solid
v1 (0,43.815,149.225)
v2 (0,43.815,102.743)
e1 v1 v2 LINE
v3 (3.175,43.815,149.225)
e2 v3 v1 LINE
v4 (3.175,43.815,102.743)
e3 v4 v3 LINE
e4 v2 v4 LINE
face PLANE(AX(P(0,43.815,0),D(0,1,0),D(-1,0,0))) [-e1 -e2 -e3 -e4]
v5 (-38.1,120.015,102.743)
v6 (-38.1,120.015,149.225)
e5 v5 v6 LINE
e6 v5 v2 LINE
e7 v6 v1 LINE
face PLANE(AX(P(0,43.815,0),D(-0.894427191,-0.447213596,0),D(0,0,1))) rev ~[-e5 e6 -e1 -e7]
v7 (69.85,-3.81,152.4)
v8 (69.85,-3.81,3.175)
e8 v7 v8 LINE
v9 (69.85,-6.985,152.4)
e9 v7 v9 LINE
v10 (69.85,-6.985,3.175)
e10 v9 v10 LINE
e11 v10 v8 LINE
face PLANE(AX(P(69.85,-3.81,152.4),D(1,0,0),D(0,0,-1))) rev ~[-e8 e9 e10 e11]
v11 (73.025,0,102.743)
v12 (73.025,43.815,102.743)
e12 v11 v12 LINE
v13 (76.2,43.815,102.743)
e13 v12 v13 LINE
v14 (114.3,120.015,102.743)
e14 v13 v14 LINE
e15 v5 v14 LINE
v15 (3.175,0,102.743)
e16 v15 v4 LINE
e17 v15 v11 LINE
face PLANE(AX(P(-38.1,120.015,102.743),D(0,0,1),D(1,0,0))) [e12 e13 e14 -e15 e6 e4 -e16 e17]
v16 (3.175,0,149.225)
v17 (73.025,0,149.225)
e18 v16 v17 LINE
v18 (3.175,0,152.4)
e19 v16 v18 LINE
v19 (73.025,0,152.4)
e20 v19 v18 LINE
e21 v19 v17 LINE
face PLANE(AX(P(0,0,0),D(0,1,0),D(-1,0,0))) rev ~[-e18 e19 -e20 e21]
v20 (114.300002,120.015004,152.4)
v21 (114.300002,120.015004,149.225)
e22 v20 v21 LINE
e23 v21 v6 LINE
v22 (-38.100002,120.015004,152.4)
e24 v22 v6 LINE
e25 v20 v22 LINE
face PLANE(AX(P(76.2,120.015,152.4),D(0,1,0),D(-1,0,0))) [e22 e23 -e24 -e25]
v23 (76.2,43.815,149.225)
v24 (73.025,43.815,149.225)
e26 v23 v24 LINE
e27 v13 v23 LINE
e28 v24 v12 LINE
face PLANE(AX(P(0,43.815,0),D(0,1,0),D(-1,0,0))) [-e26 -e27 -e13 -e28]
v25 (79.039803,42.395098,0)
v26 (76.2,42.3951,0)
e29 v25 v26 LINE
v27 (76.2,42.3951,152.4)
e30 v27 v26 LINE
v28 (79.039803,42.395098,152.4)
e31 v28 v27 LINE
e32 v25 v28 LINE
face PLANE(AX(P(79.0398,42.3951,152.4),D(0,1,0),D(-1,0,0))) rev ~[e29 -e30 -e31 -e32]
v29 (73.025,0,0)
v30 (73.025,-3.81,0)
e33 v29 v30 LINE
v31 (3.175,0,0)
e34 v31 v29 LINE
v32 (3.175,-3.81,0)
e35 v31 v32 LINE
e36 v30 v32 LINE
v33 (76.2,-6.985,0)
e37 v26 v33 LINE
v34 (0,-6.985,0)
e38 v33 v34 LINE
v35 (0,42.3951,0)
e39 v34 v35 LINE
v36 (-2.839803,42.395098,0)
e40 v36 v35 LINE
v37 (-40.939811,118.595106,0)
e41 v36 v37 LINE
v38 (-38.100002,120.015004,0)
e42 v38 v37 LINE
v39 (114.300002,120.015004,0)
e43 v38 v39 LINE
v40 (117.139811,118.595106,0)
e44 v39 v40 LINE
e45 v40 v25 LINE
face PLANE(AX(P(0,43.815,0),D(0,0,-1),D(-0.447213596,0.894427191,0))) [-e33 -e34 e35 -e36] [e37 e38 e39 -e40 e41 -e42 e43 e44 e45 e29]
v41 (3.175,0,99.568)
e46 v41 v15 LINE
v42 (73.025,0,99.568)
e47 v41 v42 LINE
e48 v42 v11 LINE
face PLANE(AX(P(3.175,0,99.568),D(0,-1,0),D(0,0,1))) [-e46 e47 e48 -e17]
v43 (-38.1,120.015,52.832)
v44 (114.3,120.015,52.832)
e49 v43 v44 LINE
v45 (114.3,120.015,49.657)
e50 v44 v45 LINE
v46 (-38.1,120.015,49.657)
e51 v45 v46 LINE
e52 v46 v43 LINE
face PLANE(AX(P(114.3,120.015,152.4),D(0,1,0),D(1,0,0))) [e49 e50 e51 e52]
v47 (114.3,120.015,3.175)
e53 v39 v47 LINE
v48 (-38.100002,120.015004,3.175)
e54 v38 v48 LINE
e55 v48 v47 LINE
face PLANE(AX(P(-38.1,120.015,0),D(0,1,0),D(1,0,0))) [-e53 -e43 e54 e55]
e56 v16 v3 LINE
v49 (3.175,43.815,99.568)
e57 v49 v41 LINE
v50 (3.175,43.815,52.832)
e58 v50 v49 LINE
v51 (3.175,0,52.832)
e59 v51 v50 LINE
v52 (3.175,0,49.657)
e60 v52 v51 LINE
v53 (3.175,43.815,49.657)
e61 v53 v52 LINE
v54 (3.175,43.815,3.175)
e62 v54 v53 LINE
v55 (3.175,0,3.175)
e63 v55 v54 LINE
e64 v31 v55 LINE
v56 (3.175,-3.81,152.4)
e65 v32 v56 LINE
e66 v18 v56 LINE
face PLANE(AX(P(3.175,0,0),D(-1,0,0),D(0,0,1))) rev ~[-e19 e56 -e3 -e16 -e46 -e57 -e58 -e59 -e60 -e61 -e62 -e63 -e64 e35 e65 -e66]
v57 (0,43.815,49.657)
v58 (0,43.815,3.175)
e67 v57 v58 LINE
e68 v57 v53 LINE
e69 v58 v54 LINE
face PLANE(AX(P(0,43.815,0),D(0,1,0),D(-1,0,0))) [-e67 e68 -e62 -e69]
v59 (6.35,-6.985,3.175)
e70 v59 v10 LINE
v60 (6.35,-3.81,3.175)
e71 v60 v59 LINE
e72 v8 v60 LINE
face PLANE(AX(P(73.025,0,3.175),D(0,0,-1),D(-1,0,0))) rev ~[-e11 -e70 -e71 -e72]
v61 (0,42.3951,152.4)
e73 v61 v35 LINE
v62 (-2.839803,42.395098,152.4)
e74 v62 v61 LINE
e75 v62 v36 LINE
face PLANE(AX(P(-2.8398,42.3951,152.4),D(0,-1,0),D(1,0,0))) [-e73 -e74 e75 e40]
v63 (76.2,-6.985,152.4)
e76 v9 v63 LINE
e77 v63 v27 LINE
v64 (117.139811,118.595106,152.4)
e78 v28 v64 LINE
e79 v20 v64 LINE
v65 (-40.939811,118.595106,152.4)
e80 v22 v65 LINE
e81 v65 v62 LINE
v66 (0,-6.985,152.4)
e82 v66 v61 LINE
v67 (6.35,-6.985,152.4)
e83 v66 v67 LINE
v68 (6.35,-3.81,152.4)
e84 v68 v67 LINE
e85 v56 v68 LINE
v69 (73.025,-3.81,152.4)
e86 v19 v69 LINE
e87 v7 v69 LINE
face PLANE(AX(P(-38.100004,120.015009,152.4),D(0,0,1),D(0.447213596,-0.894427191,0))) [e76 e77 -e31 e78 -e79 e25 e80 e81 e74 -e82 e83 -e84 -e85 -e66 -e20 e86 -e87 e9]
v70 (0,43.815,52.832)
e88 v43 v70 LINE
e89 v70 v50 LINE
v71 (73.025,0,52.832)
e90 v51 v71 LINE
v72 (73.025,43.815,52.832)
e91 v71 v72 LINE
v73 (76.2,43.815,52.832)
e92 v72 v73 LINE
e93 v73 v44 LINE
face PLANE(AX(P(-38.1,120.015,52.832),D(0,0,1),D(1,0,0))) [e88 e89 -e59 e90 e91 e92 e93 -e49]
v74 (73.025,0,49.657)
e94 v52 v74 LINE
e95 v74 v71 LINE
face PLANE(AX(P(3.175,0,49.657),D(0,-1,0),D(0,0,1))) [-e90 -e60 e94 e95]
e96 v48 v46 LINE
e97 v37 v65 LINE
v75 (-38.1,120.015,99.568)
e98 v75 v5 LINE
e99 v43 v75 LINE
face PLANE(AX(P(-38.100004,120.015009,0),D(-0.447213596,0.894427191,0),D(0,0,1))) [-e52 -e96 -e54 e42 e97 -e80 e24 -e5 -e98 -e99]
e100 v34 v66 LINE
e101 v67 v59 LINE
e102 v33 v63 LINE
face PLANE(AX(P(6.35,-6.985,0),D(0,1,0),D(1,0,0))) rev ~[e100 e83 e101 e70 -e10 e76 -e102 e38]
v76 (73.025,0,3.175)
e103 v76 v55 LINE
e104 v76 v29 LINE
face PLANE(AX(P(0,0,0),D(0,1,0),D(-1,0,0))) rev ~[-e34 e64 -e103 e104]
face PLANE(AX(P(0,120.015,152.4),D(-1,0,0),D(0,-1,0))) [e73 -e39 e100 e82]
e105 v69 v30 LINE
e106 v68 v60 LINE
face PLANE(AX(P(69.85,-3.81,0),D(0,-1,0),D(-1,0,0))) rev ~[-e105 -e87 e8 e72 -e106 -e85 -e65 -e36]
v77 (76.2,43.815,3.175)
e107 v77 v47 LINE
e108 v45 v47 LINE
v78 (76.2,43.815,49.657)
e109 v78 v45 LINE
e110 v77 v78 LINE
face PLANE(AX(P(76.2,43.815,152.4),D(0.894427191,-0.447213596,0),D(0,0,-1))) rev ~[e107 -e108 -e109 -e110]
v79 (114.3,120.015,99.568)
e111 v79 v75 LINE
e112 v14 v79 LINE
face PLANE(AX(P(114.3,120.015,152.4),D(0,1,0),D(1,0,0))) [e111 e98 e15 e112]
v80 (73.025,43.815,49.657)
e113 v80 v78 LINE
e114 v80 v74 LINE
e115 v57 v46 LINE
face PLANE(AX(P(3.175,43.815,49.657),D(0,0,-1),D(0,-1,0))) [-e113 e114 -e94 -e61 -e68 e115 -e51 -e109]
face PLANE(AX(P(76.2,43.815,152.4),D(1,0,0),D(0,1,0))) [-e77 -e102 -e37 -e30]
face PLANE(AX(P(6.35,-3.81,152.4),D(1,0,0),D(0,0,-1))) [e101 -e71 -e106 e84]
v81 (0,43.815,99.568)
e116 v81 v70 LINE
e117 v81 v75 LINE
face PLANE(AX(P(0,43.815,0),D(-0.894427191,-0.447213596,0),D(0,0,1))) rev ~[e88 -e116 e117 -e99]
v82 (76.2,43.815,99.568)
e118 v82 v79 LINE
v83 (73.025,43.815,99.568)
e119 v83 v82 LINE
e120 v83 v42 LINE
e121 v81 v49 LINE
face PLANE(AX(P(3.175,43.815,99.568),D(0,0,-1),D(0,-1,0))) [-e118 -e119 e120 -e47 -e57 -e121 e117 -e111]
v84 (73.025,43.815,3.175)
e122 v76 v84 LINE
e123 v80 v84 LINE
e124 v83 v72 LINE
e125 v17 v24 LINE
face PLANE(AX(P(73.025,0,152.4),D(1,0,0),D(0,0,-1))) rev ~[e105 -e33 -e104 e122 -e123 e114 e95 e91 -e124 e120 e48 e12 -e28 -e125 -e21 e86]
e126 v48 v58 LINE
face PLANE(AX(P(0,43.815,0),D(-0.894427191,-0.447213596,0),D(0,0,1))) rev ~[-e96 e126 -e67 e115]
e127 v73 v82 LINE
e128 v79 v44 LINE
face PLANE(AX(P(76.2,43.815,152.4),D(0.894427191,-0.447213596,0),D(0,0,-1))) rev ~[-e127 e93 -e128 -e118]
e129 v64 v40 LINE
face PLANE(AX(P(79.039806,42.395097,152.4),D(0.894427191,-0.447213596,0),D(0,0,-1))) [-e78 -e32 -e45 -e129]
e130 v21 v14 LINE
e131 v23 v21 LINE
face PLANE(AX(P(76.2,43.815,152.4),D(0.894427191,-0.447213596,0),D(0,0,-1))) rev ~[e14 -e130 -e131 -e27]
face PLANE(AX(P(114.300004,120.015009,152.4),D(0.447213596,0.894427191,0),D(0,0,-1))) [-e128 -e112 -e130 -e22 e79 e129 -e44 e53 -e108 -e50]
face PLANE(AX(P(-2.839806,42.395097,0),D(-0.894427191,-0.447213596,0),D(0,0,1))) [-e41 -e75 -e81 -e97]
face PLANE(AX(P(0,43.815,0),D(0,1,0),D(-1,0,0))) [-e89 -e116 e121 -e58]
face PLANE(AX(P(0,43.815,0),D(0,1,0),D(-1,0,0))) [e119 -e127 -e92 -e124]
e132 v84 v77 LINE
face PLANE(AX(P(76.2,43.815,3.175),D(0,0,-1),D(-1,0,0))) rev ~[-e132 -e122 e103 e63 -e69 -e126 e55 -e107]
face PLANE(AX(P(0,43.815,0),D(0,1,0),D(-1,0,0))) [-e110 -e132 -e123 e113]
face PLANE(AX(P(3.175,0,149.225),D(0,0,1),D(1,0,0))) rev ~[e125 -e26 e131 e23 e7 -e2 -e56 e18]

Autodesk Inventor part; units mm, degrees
ref_plane "YZ Plane" through (0, 0, 0) normal (1, 0, 0) x (0, 1, 0)
ref_plane "XZ Plane" through (0, 0, 0) normal (0, 1, 0) x (-1, 0, 0)
ref_plane "XY Plane" through (0, 0, 0) normal (0, 0, 1) x (1, 0, 0)
sketch "Sketch1" plane through (0, 0, 0) normal (0, 1, 0) x (-1, 0, 0)
  line L0 (0, 0) -> (-76.2, 0)
  line L1 (-76.2, 0) -> (-76.2, 152.4)
  line L2 (-76.2, 152.4) -> (0, 152.4)
  line L3 (0, 152.4) -> (0, 0)
  line L4 (-3.175, 149.225) -> (-73.025, 149.225)
  line L5 (-73.025, 149.225) -> (-73.025, 3.175)
  line L6 (-73.025, 3.175) -> (-3.175, 3.175)
  line L7 (-3.175, 3.175) -> (-3.175, 149.225)
  dimension "d0" = 76.2
  dimension "d1" = 152.4
  dimension "d2" = 3.175
extrude "Extrusion1" add sketch "Sketch1" along normal blind 43.815
sketch "Sketch2" plane through (0, 0, 0) normal (0, -1, 0) x (1, 0, 0)
  line L0 (0, 152.4) -> (76.2, 152.4) projected
  line L1 (76.2, 0) -> (0, 0) projected
  line L2 (76.2, 152.4) -> (73.025, 152.4)
  line L3 (73.025, 152.4) -> (73.025, 0)
  line L4 (73.025, 0) -> (76.2, 0)
  line L5 (76.2, 0) -> (76.2, 152.4)
  line L6 (0, 0) -> (3.175, 0)
  line L7 (3.175, 0) -> (3.175, 152.4)
  line L8 (3.175, 152.4) -> (0, 152.4)
  line L9 (0, 152.4) -> (0, 0)
  dimension "d5" = 3.175
  dimension "d6" = 3.175
extrude "Extrusion2" add sketch "Sketch2" along normal blind 3.81 contours L0 L7 L1 L9 | L0 L5 L1 L3
sketch "Sketch3" plane through (0, -3.81, 0) normal (0, -1, 0) x (1, 0, 0)
  line L0 (0, 152.4) -> (76.2, 152.4) projected
  line L1 (76.2, 0) -> (0, 0) projected
  line L2 (76.2, 152.4) -> (69.85, 152.4)
  line L3 (69.85, 152.4) -> (69.85, 0)
  line L4 (69.85, 0) -> (76.2, 0)
  line L5 (76.2, 0) -> (76.2, 152.4)
  line L6 (0, 152.4) -> (6.35, 152.4)
  line L7 (6.35, 152.4) -> (6.35, 0)
  line L8 (6.35, 0) -> (0, 0)
  line L9 (0, 0) -> (0, 152.4)
  dimension "d9" = 6.35
  dimension "d10" = 6.35
extrude "Extrusion3" add sketch "Sketch3" along normal blind 3.175 contours L0 L7 L1 L9 | L0 L5 L1 L3
sketch "Sketch4" plane through (73.025, 0, 0) normal (0, 0, -1) x (-1, 0, 0)
  line L0 (0, -3.81) -> (3.175, -3.81) projected
  line L1 (73.025, -6.985) -> (66.675, -6.985) projected
  line L2 (3.175, -3.81) -> (66.675, -3.81)
  line L3 (66.675, -3.81) -> (66.675, -6.985)
  line L4 (66.675, -6.985) -> (3.175, -6.985)
  line L5 (3.175, -6.985) -> (3.175, -3.81)
  point P0 (73.025, 0)
extrude "Extrusion4" add sketch "Sketch4" against normal blind 3.175
sketch "Sketch5" plane through (3.175, 0, 3.175) normal (1, 0, 0) x (0, 0, -1)
  line L0 (-146.05, 0) -> (-146.05, 43.815) construction
  line L1 (-146.05, 43.815) -> (-99.568, 43.815) construction
  line L2 (-146.05, 43.815) -> (0, 43.815) construction
  line L3 (-99.568, 43.815) -> (-96.393, 43.815) construction
  line L4 (-96.393, 43.815) -> (-49.657, 43.815) construction
  line L5 (-49.657, 43.815) -> (-46.482, 43.815) construction
  line L6 (0, 0) -> (0, 43.815) construction
  line L7 (-46.482, 43.815) -> (0, 43.815) construction
  line L8 (-46.482, 43.815) -> (0, 43.815) construction
  line L9 (-46.482, 43.815) -> (0, 43.815) construction
  line L10 (-99.568, 43.815) -> (-96.393, 43.815)
  line L11 (-96.393, 43.815) -> (-96.393, 0)
  line L12 (-96.393, 0) -> (-99.568, 0)
  line L13 (-99.568, 0) -> (-99.568, 43.815)
  line L14 (-49.657, 43.815) -> (-46.482, 43.815)
  line L15 (-46.482, 43.815) -> (-46.482, 0)
  line L16 (-46.482, 0) -> (-49.657, 0)
  line L17 (-49.657, 0) -> (-49.657, 43.815)
  point P0 (3.175, 0)
  dimension "d15" = 46.482
  dimension "d16" = 3.175
  dimension "d17" = 46.736
  dimension "d18" = 3.175
  dimension "d19" = 43.815
  dimension "d20" = 43.815
extrude "Extrusion5" add sketch "Sketch5" along normal up to next
sketch "Sketch6" plane through (3.175, 0, 152.4) normal (0, 0, 1) x (1, 0, 0)
  line L0 (73.025, 43.815) -> (-3.175, 43.815) projected
  line L1 (-3.175, 43.815) -> (73.025, 43.815)
  line L2 (73.025, 43.815) -> (73.025, 120.015)
  line L3 (73.025, 120.015) -> (-3.175, 120.015)
  line L4 (-3.175, 120.015) -> (-3.175, 43.815)
  point P0 (-3.175, 0)
  dimension "d23" = 76.2
extrude "Extrusion6" add sketch "Sketch6" against normal blind 3.175
sketch "Sketch7" plane through (3.175, 0, 152.4) normal (0, 0, 1) x (1, 0, 0)
  line L0 (73.025, 120.015) -> (73.025, 43.815) projected
  line L1 (73.025, 120.015) -> (111.125, 120.015)
  line L2 (73.025, 43.815) -> (111.125, 120.015)
  line L3 (73.025, 120.015) -> (-3.175, 120.015) projected
  line L4 (-3.175, 120.015) -> (-41.275, 120.015)
  line L5 (-3.175, 120.015) -> (34.925, 120.015) construction
  line L6 (-3.175, 43.815) -> (-3.175, 120.015) projected
  line L7 (-41.275, 120.015) -> (-3.175, 43.815)
  point P0 (-3.175, 0)
  dimension "d26" = 38.1
  dimension "d27" = 38.1
  dimension "d28" = 180
extrude "Extrusion7" add sketch "Sketch7" against normal blind 3.175
sketch "Sketch8" plane through (76.2, 43.815, 0) normal (0, 0, -1) x (-1, 0, 0)
  line L0 (3.175, 0) -> (0, 0) projected
  line L1 (0, 0) -> (-38.1, 76.2)
  line L2 (114.3, 76.2) -> (-38.1, 76.2) projected
  line L3 (-38.1, 76.2) -> (114.3, 76.2)
  line L4 (76.2, 0) -> (73.025, 0) projected
  line L5 (114.3, 76.2) -> (76.2, 0)
  line L6 (0, 0) -> (76.2, 0)
  line L7 (73.025, 0) -> (3.175, 0) projected
  point P0 (76.2, -43.815)
extrude "Extrusion8" add sketch "Sketch8" against normal blind 3.175
sketch "Sketch9" plane through (76.2, 43.815, 152.4) normal (0.8944, -0.4472, 0) x (0, 0, -1)
  line L0 (0, 85.1942) -> (3.175, 85.1942) projected
  line L1 (152.4, 85.1942) -> (152.4, 0) projected
  line L2 (0, 85.1942) -> (152.4, 85.1942)
  line L3 (152.4, 85.1942) -> (152.4, 0)
  line L4 (152.4, 0) -> (0, 0)
  line L5 (0, 0) -> (0, 85.1942)
  point P0 (152.4, -73.267)
extrude "Extrusion9" add sketch "Sketch9" along normal blind 3.175
sketch "Sketch10" plane through (0, 43.815, 0) normal (-0.8944, -0.4472, 0) x (0, 0, 1)
  line L0 (0, 85.1942) -> (3.175, 85.1942) projected
  line L1 (152.4, -45.4369) -> (152.4, 0) projected
  line L2 (0, 85.1942) -> (152.4, 85.1942)
  line L3 (152.4, 85.1942) -> (152.4, 0)
  line L4 (152.4, 0) -> (0, 0)
  line L5 (0, 0) -> (0, 85.1942)
  point P0 (0, -39.1893)
extrude "Extrusion10" add sketch "Sketch10" along normal blind 3.175
sketch "Sketch11" plane through (114.3, 120.015, 152.4) normal (0, 1, 0) x (1, 0, 0)
  line L0 (-111.125, 49.657) -> (-41.275, 49.657) construction
  line L1 (-111.125, 49.657) -> (-152.4, 49.657) construction
  line L2 (-152.4, 3.175) -> (-152.4, 149.225) construction
  line L3 (-111.125, 52.832) -> (-41.275, 52.832) construction
  line L4 (-41.275, 52.832) -> (0, 52.832) construction
  line L5 (0, 149.225) -> (0, 3.175) construction
  line L6 (-111.125, 99.568) -> (-41.275, 99.568) construction
  line L7 (-111.125, 99.568) -> (-152.4, 99.568) construction
  line L8 (-111.125, 102.743) -> (-41.275, 102.743) construction
  line L9 (-41.275, 102.743) -> (0, 102.743) construction
  line L10 (-152.4, 49.657) -> (0, 49.657)
  line L11 (0, 49.657) -> (0, 52.832)
  line L12 (0, 52.832) -> (-152.4, 52.832)
  line L13 (-152.4, 52.832) -> (-152.4, 49.657)
  line L14 (-152.4, 99.568) -> (0, 99.568)
  line L15 (0, 99.568) -> (0, 102.743)
  line L16 (0, 102.743) -> (-152.4, 102.743)
  line L17 (-152.4, 102.743) -> (-152.4, 99.568)
  point P0 (-114.3, 152.4)
extrude "Extrusion11" add sketch "Sketch11" against normal blind 3.175
sketch "Sketch12" plane through (-38.1, 120.015, 102.743) normal (0, 0, 1) x (1, 0, 0)
  line L0 (150.8125, -3.175) -> (1.5875, -3.175) projected
  line L1 (1.5875, -3.175) -> (38.1, -76.2)
  line L2 (38.1, -76.2) -> (114.3, -76.2)
  line L3 (152.4, 0) -> (150.8125, -3.175) projected
  line L4 (114.3, -76.2) -> (150.8125, -3.175)
  line L5 (150.8125, -3.175) -> (1.5875, -3.175)
  point P0 (38.1, -120.015)
extrude "Extrusion12" add sketch "Sketch12" against normal blind 3.175
sketch "Sketch13" plane through (-38.1, 120.015, 52.832) normal (0, 0, 1) x (1, 0, 0)
  line L0 (150.8125, -3.175) -> (1.5875, -3.175) projected
  line L1 (1.5875, -3.175) -> (38.1, -76.2)
  line L2 (38.1, -76.2) -> (114.3, -76.2)
  line L3 (152.4, 0) -> (150.8125, -3.175) projected
  line L4 (114.3, -76.2) -> (150.8125, -3.175)
  line L5 (150.8125, -3.175) -> (1.5875, -3.175)
  point P0 (38.1, -120.015)
extrude "Extrusion13" add sketch "Sketch13" against normal blind 3.175
sketch "Sketch14" plane through (3.175, 0, 152.4) normal (0, 0, 1) x (1, 0, 0)
  line L0 (-3.175, 43.815) -> (-6.0148, 42.3951) projected
  line L1 (-6.0148, 42.3951) -> (-3.175, 42.3951)
  line L2 (-3.175, 43.815) -> (-3.175, -6.985) projected
  line L3 (-3.175, 42.3951) -> (-3.175, 43.815)
  line L4 (-3.175, 43.815) -> (-6.0148, 42.3951)
  line L5 (75.8648, 42.3951) -> (73.025, 42.3951)
  line L6 (73.025, -6.985) -> (73.025, 43.815) projected
  line L7 (73.025, 42.3951) -> (73.025, 43.815)
  line L8 (73.025, 43.815) -> (75.8648, 42.3951)
  line L9 (73.025, 43.815) -> (75.8648, 42.3951) projected
  point P0 (-3.175, 0)
extrude "Extrusion14" add sketch "Sketch14" against normal blind 152.4
properties part number "BeadCompartments_3"
